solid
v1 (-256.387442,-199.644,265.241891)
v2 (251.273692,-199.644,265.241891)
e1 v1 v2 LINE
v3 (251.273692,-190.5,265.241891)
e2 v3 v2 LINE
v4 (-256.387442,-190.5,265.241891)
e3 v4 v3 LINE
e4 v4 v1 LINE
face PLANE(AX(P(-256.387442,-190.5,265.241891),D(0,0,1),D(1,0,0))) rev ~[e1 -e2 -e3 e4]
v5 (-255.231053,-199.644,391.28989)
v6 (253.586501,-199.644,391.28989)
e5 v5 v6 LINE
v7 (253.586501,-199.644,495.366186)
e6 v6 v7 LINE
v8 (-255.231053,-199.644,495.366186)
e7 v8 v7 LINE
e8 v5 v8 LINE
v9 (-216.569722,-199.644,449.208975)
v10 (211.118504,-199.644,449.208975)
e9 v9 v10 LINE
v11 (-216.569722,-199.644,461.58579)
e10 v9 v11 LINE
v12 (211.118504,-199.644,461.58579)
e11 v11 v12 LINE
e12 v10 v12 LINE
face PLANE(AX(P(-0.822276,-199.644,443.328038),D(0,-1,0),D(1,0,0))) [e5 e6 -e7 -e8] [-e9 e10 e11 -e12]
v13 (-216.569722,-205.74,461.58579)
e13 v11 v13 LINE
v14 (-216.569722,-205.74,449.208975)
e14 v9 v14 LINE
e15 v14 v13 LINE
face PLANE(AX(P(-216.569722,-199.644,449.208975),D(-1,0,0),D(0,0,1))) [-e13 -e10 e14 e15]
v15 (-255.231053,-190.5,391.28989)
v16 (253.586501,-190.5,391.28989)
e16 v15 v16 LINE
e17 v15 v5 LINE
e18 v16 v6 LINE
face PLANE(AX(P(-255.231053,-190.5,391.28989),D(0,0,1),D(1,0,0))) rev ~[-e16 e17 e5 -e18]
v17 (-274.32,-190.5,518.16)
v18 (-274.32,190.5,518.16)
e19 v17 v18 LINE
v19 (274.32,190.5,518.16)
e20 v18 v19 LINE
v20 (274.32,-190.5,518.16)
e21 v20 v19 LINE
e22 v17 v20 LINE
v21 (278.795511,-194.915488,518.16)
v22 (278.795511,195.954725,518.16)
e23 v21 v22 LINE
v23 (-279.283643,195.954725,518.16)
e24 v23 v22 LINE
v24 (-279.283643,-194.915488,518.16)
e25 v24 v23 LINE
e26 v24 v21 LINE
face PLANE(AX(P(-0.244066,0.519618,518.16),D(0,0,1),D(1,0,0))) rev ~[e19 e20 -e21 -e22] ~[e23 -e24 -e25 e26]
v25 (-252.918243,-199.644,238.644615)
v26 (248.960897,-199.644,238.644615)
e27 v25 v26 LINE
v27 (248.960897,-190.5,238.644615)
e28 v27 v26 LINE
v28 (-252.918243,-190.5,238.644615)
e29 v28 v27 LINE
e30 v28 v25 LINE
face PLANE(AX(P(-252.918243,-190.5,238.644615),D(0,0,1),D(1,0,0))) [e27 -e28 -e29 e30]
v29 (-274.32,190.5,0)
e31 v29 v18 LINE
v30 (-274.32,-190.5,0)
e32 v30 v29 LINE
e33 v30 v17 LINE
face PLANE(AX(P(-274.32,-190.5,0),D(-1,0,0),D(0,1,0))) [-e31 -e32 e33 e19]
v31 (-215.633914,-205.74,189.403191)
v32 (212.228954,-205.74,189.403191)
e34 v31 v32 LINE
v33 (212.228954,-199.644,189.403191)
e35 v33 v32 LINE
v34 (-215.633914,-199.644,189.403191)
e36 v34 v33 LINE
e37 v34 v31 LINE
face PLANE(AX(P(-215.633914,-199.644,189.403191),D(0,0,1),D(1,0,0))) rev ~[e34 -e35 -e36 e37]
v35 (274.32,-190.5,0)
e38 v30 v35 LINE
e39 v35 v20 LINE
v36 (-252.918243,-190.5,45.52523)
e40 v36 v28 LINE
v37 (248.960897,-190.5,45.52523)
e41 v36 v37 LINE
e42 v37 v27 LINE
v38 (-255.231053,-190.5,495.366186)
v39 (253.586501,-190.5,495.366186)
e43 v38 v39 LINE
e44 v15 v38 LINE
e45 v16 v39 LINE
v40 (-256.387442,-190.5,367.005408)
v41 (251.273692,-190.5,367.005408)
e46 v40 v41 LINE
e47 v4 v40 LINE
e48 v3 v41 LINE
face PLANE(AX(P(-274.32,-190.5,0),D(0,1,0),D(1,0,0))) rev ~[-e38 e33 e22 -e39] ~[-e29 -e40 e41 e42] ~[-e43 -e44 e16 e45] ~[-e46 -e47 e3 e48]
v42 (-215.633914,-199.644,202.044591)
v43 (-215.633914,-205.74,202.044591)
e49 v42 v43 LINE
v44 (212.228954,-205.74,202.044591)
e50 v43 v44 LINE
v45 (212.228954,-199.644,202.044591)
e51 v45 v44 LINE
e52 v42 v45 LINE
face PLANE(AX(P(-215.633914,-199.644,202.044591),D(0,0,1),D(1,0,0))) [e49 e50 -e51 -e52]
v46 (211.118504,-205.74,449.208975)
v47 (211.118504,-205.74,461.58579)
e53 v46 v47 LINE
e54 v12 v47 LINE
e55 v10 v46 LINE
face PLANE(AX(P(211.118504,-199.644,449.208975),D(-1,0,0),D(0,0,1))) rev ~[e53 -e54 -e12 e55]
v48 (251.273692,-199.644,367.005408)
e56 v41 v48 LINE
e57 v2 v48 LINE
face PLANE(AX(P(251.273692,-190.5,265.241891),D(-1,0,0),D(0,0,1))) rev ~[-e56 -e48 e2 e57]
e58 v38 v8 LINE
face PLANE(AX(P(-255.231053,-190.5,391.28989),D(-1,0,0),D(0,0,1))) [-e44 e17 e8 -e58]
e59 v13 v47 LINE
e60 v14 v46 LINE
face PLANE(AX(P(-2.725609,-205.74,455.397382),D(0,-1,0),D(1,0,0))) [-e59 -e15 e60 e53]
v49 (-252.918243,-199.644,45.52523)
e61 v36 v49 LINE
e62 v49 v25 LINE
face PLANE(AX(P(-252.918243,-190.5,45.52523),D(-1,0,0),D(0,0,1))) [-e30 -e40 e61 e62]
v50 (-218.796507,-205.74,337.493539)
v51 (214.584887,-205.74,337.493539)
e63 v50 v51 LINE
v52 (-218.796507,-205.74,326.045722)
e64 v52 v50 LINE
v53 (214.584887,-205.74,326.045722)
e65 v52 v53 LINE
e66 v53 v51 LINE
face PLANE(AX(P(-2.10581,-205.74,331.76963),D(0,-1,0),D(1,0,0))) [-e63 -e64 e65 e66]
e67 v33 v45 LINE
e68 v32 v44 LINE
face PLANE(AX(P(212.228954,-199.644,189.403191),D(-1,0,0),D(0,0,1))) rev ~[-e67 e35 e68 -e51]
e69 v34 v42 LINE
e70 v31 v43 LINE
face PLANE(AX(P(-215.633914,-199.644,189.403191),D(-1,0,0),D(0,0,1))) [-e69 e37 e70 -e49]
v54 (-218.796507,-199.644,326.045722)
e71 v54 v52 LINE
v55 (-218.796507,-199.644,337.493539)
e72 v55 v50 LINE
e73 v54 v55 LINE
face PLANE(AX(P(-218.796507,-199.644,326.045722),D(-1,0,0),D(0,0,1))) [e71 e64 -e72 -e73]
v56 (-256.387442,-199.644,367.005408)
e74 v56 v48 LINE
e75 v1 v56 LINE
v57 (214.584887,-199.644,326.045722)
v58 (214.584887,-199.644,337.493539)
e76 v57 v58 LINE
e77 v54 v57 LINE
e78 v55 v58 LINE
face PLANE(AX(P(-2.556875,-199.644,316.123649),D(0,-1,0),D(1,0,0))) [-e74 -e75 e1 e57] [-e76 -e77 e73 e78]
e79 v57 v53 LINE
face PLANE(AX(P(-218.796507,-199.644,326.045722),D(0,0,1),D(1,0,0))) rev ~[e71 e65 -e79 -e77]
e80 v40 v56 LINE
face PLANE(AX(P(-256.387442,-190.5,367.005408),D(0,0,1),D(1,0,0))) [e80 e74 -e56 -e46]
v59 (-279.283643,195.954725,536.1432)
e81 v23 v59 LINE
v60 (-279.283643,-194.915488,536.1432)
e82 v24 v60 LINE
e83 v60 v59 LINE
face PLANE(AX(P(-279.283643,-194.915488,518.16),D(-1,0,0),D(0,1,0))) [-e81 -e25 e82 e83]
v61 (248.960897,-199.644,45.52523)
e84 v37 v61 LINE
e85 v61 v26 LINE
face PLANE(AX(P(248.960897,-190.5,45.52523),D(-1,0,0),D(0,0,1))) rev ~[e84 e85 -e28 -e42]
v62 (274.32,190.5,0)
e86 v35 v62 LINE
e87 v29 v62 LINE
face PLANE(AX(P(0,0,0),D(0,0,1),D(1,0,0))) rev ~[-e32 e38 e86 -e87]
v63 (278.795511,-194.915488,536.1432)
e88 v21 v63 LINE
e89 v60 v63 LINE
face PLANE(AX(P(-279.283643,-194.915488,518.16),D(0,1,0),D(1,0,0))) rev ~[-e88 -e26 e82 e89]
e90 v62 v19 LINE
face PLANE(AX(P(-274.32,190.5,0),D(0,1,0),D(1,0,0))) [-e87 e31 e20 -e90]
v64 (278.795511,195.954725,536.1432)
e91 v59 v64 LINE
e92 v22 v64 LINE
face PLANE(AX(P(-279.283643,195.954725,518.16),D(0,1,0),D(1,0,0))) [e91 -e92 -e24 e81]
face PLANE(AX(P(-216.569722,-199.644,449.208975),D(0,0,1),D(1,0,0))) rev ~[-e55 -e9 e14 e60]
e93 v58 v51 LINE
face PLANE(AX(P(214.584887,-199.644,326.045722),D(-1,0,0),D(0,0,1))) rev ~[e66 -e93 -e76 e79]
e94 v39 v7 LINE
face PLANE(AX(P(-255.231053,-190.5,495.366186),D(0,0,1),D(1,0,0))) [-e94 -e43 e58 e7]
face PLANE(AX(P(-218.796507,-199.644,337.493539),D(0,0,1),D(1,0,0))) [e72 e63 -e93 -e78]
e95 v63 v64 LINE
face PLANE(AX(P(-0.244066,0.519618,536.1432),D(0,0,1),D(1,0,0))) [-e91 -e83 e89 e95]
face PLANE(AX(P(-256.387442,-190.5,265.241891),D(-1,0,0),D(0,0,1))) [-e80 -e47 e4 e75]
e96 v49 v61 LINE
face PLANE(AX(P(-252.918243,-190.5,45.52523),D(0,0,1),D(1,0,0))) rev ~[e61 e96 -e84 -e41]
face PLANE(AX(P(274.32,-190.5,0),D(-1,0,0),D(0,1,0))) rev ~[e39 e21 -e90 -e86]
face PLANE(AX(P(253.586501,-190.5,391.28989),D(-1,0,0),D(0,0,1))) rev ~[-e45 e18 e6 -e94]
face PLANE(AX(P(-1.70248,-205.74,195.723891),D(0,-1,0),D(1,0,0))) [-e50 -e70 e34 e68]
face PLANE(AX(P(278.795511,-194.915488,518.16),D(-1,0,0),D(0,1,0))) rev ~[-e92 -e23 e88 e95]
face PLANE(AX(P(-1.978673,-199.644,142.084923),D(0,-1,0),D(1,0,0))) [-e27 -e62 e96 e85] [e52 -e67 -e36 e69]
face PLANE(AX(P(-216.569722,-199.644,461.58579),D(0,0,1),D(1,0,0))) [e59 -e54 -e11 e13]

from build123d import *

# Parameters (mm, degrees)
F0_W      = 548.64
F0_H      = 381
F1_DEPTH  = 518.16
F2_W      = 558.0791532993
F2_H      = 390.8702135086
F2_W_2    = 548.64
F2_H_2    = 381
F3_DEPTH  = 17.9832
F4_W      = 508.8175535202
F4_H      = 104.0762960911
F5_W      = 507.6611340046
F5_H      = 101.7635166645
F6_W      = 501.8791407347
F6_H      = 193.1193843484
F7_DEPTH  = 9.144
F10_W     = 427.862867713
F10_H     = 12.6414000988
F9_W      = 433.3813935518
F9_H      = 11.4478170872
F8_W      = 427.6882261038
F8_H      = 12.3768150806
F11_DEPTH = 6.096


with BuildPart() as f1:
    # F0 (on Top) → F1 (new body)
    with BuildSketch(Plane.XY):
        Rectangle(F0_W, F0_H)
    extrude(amount=F1_DEPTH)

    # F2 (on face) → F3 (join)
    with BuildSketch(Plane.XY.offset(518.16)):
        with Locations((-0.2440661192, 0.519618392)):
            Rectangle(F2_W, F2_H)
        Rectangle(F2_W_2, F2_H_2, mode=Mode.SUBTRACT)
        Rectangle(F2_W_2, F2_H_2)
    extrude(amount=F3_DEPTH)

    # F4 (on face) + F5 (on face) + F6 (on face) → F7 (join)
    with BuildSketch(Plane.XZ.offset(190.5)):
        with Locations((-0.822275877, 443.328037858)):
            Rectangle(F4_W, F4_H)
    with BuildSketch(Plane.XZ.offset(190.5)):
        with Locations((-2.5568753481, 316.123649478)):
            Rectangle(F5_W, F5_H)
    with BuildSketch(Plane.XZ.offset(190.5)):
        with Locations((-1.9786730409, 142.0849226415)):
            Rectangle(F6_W, F6_H)
    extrude(amount=F7_DEPTH)

    # F10 (on face) + F9 (on face) + F8 (on face) → F11 (join)
    with BuildSketch(Plane.XZ.offset(199.644)):
        with Locations((-1.7024800181, 195.7238912582)):
            Rectangle(F10_W, F10_H)
    with BuildSketch(Plane.XZ.offset(199.644)):
        with Locations((-2.1058097482, 331.7696303129)):
            Rectangle(F9_W, F9_H)
    with BuildSketch(Plane.XZ.offset(199.644)):
        with Locations((-2.7256086469, 455.3973823786)):
            Rectangle(F8_W, F8_H)
    extrude(amount=F11_DEPTH)


solid = f1.part
